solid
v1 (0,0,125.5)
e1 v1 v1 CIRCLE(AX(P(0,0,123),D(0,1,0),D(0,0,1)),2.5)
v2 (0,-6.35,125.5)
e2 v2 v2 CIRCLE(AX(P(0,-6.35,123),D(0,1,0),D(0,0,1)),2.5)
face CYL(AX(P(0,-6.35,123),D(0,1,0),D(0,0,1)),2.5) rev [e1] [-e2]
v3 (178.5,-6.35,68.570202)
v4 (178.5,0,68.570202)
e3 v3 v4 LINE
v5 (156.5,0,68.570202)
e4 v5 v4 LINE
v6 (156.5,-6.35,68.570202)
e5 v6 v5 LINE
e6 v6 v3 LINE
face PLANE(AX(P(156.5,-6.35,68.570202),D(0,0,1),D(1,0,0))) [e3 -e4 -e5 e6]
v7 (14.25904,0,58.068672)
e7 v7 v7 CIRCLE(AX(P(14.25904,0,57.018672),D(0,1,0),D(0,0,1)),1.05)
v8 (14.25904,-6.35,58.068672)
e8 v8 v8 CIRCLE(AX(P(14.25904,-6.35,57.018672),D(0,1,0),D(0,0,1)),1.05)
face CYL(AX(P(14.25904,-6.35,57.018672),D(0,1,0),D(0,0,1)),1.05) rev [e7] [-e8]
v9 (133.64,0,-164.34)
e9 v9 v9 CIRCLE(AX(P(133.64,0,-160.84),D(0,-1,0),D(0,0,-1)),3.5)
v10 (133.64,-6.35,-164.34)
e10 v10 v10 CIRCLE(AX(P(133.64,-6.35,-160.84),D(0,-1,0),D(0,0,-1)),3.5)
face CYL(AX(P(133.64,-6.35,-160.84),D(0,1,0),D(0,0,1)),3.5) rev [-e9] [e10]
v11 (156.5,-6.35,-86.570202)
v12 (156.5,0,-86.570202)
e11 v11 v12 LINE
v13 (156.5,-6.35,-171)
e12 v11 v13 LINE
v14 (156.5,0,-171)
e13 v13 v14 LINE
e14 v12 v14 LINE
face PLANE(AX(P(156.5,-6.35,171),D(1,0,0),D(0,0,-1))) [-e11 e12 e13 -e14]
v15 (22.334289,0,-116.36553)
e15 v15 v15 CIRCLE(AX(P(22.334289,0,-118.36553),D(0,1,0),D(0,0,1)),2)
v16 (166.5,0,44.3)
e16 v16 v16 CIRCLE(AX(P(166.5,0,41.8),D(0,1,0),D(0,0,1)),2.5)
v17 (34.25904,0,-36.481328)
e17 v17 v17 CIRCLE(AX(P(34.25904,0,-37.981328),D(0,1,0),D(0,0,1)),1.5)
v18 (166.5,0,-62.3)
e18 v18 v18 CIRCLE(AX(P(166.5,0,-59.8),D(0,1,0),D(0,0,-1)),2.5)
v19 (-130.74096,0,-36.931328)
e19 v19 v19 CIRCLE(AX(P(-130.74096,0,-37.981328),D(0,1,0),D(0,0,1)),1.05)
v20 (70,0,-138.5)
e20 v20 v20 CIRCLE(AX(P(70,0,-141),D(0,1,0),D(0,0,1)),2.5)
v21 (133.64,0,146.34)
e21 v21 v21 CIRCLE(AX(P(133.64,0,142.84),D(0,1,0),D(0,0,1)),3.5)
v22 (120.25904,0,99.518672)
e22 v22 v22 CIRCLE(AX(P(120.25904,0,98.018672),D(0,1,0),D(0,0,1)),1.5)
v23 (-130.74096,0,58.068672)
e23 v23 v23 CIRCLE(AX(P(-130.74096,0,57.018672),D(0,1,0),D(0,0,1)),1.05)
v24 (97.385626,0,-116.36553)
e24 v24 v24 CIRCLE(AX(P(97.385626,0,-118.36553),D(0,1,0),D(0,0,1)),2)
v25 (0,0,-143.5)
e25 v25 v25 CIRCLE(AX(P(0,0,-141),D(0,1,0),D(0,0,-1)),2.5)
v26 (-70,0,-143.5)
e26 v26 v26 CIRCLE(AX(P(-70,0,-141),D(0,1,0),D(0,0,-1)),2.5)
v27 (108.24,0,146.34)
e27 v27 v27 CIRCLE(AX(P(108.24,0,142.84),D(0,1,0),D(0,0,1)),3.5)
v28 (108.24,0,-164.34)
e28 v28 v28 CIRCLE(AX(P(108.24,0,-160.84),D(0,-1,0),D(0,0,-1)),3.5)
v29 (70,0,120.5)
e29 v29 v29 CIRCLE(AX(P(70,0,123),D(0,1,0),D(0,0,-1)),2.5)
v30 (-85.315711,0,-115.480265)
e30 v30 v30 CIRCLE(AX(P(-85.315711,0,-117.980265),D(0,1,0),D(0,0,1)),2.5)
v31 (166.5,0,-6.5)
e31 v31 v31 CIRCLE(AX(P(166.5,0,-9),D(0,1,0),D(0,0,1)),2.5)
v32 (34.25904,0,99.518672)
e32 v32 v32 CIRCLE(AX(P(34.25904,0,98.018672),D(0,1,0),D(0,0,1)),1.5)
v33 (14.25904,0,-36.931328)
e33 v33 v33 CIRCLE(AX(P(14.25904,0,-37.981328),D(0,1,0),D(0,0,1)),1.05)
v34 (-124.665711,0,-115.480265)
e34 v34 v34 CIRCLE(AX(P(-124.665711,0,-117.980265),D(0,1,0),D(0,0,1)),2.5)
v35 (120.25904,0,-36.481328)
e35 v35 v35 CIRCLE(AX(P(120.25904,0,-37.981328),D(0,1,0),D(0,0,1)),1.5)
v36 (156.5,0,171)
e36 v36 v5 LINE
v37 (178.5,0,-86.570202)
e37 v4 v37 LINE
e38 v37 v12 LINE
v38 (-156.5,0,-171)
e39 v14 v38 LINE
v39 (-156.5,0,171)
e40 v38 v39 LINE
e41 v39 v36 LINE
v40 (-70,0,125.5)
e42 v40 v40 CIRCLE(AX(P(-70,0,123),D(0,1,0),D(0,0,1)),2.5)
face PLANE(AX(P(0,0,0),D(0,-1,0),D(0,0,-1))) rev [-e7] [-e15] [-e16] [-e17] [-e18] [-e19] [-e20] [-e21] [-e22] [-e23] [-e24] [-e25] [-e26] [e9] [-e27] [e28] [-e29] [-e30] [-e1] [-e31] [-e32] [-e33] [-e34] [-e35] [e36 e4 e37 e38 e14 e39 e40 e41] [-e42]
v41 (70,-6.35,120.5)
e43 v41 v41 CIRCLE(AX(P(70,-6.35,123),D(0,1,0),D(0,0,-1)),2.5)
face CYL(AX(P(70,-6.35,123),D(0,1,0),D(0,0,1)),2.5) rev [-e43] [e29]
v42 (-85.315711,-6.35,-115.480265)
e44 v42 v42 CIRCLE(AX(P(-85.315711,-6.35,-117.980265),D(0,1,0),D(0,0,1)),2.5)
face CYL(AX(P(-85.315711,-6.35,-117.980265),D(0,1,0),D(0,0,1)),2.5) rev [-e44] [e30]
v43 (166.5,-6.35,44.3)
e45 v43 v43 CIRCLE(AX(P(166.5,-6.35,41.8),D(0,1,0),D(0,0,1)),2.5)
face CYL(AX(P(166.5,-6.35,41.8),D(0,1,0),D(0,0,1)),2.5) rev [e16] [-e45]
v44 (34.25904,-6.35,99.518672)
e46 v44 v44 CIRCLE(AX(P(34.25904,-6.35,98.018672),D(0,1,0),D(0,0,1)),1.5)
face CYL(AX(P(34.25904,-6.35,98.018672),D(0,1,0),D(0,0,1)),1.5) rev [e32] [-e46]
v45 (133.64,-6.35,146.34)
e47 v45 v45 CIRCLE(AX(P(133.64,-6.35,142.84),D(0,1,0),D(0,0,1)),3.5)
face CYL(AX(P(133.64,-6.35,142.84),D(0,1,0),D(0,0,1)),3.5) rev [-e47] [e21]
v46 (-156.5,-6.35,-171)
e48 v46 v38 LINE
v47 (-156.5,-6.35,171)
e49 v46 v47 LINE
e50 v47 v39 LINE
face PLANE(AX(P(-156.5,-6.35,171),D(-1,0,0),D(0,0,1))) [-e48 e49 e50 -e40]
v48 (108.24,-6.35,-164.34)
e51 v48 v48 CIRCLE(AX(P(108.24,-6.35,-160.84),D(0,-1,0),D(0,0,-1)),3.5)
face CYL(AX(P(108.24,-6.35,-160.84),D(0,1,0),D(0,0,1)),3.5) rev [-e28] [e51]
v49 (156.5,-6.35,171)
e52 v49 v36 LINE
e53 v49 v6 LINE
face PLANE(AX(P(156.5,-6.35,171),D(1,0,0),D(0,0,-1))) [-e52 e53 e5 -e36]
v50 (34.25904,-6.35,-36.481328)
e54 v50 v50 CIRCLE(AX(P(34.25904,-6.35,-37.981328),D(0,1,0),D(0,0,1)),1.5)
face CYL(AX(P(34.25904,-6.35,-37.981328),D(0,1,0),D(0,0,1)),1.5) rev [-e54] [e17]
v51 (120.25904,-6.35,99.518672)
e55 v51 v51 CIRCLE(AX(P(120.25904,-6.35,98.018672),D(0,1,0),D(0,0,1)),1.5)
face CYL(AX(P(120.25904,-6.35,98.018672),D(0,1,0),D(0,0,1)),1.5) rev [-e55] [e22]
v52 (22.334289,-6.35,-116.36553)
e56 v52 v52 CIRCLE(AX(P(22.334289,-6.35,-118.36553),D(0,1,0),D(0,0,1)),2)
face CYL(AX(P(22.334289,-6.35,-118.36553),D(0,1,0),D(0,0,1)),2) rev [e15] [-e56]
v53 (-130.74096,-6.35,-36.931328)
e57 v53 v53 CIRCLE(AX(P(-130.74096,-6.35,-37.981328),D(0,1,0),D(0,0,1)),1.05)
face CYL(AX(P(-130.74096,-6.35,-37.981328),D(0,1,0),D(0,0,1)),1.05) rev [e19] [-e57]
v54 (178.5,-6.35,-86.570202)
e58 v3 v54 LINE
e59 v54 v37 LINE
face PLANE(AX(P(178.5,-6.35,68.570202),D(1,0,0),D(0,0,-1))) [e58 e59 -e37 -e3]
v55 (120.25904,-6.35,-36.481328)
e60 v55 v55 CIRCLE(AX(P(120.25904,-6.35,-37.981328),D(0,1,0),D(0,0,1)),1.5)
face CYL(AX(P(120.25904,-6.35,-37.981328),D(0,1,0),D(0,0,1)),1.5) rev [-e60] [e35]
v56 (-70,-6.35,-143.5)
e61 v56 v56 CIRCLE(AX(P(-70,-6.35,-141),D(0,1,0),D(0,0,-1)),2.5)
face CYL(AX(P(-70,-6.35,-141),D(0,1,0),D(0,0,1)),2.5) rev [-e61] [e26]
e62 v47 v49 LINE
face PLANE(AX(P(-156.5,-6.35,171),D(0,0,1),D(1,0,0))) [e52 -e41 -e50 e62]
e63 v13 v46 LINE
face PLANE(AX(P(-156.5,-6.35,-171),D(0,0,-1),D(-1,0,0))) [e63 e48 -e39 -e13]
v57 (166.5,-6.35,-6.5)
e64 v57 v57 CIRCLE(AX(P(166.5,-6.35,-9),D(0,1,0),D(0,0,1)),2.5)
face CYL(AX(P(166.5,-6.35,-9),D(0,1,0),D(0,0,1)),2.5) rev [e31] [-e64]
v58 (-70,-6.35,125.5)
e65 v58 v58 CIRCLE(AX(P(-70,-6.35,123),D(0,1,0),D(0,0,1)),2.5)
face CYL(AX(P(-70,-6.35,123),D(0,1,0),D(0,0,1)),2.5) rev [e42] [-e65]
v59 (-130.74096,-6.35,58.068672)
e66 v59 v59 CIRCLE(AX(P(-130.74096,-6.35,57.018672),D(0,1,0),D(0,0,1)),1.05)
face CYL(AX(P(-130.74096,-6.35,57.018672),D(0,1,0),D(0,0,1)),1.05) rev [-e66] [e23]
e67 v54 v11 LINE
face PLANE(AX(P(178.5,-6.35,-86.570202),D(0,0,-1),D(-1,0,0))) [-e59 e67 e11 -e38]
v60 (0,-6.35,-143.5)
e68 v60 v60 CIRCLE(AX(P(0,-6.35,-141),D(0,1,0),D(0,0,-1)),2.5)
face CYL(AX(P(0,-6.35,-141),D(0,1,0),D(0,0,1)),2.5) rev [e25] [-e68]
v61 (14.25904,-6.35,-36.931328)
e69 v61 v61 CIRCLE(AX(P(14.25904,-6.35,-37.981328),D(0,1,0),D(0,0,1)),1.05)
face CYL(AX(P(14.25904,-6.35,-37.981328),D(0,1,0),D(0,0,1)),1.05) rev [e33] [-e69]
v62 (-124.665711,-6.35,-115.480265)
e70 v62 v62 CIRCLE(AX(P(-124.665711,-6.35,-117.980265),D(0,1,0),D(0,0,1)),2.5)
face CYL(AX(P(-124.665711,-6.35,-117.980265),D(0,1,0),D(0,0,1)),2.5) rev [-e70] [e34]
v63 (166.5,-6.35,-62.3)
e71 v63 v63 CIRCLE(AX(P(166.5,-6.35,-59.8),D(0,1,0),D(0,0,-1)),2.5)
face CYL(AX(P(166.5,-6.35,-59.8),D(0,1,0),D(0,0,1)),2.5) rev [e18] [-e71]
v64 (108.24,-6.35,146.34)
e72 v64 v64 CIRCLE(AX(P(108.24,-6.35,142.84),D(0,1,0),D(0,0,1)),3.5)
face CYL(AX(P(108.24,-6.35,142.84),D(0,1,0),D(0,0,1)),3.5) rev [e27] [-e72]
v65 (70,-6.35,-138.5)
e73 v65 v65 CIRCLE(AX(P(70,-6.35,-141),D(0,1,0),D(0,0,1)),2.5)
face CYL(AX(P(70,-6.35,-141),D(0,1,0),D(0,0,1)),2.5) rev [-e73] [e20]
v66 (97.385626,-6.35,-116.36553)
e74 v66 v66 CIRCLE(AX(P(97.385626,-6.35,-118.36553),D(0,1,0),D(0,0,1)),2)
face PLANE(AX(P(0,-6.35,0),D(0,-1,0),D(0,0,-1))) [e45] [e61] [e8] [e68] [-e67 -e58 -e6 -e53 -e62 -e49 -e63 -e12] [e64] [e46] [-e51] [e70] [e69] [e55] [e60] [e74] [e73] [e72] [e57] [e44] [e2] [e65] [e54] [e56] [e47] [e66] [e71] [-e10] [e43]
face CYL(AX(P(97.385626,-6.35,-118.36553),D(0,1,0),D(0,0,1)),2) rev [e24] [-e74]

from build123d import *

# Parameters (mm, degrees)
SKETCH1_W           = 313
SKETCH1_H           = 342
BOSS_EXTRUDE1_DEPTH = 6.35
SKETCH3_W           = 22
SKETCH3_H           = 155.14040353
SKETCH3_R           = 2.5
BOSS_EXTRUDE2_DEPTH = 6.35
SKETCH2_R           = 2.5
CUT_EXTRUDE1_DEPTH  = 7.35
SKETCH4_R           = 3.5
CUT_EXTRUDE2_DEPTH  = 7.35
SKETCH5_R           = 2
SKETCH5_R_2         = 1.5
SKETCH5_R_3         = 1.05
SKETCH5_R_4         = 2.5
CUT_EXTRUDE3_DEPTH  = 7.35


with BuildPart() as part:
    # Sketch1 → Boss-Extrude1 (new body)
    with BuildSketch(Plane(origin=(0, 0, 0), x_dir=(1, 0, 0), z_dir=(0, 1, 0))):
        Rectangle(SKETCH1_W, SKETCH1_H)
    extrude(amount=-BOSS_EXTRUDE1_DEPTH)

    # Sketch3 → Boss-Extrude2 (add)
    with BuildSketch(Plane(origin=(0, 0, 0), x_dir=(1, 0, 0), z_dir=(0, 1, 0))):
        with Locations((167.5, 9)):
            Rectangle(SKETCH3_W, SKETCH3_H)
        with Locations((166.5, 9)):
            Circle(SKETCH3_R, mode=Mode.SUBTRACT)
        with Locations((166.5, -41.8)):
            Circle(SKETCH3_R, mode=Mode.SUBTRACT)
        with Locations((166.5, 59.8)):
            Circle(SKETCH3_R, mode=Mode.SUBTRACT)
    extrude(amount=-BOSS_EXTRUDE2_DEPTH)

    # Sketch2 → Cut-Extrude1 (cut, through all)
    with BuildSketch(Plane(origin=(0, 0, 0), x_dir=(1, 0, 0), z_dir=(0, 1, 0))):
        with Locations((0, -123)):
            Circle(SKETCH2_R)
        with Locations((-70, -123)):
            Circle(SKETCH2_R)
        with Locations((70, -123)):
            Circle(SKETCH2_R)
        with Locations((-70, 141)):
            Circle(SKETCH2_R)
        with Locations((0, 141)):
            Circle(SKETCH2_R)
        with Locations((70, 141)):
            Circle(SKETCH2_R)
    extrude(amount=-CUT_EXTRUDE1_DEPTH, mode=Mode.SUBTRACT)

    # Sketch4 → Cut-Extrude2 (cut, through all)
    with BuildSketch(Plane(origin=(0, 0, 0), x_dir=(1, 0, 0), z_dir=(0, 1, 0))):
        with Locations((133.64, -142.84)):
            Circle(SKETCH4_R)
        with Locations((108.24, -142.84)):
            Circle(SKETCH4_R)
    cut_extrude2 = extrude(amount=-CUT_EXTRUDE2_DEPTH, mode=Mode.SUBTRACT)

    # Mirror1: Cut-Extrude2 across plane
    add(cut_extrude2.mirror(Plane(origin=(0, 0, -9), x_dir=(1, 0, 0), z_dir=(0, 0, -1))), mode=Mode.SUBTRACT)

    # Sketch5 → Cut-Extrude3 (cut, through all)
    with BuildSketch(Plane(origin=(0, 0, 0), x_dir=(1, 0, 0), z_dir=(0, 1, 0))):
        with Locations((97.385625988, 118.365529647)):
            Circle(SKETCH5_R)
        with Locations((22.33428931, 118.365529647)):
            Circle(SKETCH5_R)
        with Locations((120.259039894, -98.018672219)):
            Circle(SKETCH5_R_2)
        with Locations((34.259039894, -98.018672219)):
            Circle(SKETCH5_R_2)
        with Locations((34.259039894, 37.981327781)):
            Circle(SKETCH5_R_2)
        with Locations((120.259039894, 37.981327781)):
            Circle(SKETCH5_R_2)
        with Locations((14.259039894, -57.018672219)):
            Circle(SKETCH5_R_3)
        with Locations((-130.740960106, -57.018672219)):
            Circle(SKETCH5_R_3)
        with Locations((14.259039894, 37.981327781)):
            Circle(SKETCH5_R_3)
        with Locations((-130.740960106, 37.981327781)):
            Circle(SKETCH5_R_3)
        with Locations((-85.31571069, 117.980264567)):
            Circle(SKETCH5_R_4)
        with Locations((-124.66571069, 117.980264567)):
            Circle(SKETCH5_R_4)
    extrude(amount=-CUT_EXTRUDE3_DEPTH, mode=Mode.SUBTRACT)


solid = part.part
